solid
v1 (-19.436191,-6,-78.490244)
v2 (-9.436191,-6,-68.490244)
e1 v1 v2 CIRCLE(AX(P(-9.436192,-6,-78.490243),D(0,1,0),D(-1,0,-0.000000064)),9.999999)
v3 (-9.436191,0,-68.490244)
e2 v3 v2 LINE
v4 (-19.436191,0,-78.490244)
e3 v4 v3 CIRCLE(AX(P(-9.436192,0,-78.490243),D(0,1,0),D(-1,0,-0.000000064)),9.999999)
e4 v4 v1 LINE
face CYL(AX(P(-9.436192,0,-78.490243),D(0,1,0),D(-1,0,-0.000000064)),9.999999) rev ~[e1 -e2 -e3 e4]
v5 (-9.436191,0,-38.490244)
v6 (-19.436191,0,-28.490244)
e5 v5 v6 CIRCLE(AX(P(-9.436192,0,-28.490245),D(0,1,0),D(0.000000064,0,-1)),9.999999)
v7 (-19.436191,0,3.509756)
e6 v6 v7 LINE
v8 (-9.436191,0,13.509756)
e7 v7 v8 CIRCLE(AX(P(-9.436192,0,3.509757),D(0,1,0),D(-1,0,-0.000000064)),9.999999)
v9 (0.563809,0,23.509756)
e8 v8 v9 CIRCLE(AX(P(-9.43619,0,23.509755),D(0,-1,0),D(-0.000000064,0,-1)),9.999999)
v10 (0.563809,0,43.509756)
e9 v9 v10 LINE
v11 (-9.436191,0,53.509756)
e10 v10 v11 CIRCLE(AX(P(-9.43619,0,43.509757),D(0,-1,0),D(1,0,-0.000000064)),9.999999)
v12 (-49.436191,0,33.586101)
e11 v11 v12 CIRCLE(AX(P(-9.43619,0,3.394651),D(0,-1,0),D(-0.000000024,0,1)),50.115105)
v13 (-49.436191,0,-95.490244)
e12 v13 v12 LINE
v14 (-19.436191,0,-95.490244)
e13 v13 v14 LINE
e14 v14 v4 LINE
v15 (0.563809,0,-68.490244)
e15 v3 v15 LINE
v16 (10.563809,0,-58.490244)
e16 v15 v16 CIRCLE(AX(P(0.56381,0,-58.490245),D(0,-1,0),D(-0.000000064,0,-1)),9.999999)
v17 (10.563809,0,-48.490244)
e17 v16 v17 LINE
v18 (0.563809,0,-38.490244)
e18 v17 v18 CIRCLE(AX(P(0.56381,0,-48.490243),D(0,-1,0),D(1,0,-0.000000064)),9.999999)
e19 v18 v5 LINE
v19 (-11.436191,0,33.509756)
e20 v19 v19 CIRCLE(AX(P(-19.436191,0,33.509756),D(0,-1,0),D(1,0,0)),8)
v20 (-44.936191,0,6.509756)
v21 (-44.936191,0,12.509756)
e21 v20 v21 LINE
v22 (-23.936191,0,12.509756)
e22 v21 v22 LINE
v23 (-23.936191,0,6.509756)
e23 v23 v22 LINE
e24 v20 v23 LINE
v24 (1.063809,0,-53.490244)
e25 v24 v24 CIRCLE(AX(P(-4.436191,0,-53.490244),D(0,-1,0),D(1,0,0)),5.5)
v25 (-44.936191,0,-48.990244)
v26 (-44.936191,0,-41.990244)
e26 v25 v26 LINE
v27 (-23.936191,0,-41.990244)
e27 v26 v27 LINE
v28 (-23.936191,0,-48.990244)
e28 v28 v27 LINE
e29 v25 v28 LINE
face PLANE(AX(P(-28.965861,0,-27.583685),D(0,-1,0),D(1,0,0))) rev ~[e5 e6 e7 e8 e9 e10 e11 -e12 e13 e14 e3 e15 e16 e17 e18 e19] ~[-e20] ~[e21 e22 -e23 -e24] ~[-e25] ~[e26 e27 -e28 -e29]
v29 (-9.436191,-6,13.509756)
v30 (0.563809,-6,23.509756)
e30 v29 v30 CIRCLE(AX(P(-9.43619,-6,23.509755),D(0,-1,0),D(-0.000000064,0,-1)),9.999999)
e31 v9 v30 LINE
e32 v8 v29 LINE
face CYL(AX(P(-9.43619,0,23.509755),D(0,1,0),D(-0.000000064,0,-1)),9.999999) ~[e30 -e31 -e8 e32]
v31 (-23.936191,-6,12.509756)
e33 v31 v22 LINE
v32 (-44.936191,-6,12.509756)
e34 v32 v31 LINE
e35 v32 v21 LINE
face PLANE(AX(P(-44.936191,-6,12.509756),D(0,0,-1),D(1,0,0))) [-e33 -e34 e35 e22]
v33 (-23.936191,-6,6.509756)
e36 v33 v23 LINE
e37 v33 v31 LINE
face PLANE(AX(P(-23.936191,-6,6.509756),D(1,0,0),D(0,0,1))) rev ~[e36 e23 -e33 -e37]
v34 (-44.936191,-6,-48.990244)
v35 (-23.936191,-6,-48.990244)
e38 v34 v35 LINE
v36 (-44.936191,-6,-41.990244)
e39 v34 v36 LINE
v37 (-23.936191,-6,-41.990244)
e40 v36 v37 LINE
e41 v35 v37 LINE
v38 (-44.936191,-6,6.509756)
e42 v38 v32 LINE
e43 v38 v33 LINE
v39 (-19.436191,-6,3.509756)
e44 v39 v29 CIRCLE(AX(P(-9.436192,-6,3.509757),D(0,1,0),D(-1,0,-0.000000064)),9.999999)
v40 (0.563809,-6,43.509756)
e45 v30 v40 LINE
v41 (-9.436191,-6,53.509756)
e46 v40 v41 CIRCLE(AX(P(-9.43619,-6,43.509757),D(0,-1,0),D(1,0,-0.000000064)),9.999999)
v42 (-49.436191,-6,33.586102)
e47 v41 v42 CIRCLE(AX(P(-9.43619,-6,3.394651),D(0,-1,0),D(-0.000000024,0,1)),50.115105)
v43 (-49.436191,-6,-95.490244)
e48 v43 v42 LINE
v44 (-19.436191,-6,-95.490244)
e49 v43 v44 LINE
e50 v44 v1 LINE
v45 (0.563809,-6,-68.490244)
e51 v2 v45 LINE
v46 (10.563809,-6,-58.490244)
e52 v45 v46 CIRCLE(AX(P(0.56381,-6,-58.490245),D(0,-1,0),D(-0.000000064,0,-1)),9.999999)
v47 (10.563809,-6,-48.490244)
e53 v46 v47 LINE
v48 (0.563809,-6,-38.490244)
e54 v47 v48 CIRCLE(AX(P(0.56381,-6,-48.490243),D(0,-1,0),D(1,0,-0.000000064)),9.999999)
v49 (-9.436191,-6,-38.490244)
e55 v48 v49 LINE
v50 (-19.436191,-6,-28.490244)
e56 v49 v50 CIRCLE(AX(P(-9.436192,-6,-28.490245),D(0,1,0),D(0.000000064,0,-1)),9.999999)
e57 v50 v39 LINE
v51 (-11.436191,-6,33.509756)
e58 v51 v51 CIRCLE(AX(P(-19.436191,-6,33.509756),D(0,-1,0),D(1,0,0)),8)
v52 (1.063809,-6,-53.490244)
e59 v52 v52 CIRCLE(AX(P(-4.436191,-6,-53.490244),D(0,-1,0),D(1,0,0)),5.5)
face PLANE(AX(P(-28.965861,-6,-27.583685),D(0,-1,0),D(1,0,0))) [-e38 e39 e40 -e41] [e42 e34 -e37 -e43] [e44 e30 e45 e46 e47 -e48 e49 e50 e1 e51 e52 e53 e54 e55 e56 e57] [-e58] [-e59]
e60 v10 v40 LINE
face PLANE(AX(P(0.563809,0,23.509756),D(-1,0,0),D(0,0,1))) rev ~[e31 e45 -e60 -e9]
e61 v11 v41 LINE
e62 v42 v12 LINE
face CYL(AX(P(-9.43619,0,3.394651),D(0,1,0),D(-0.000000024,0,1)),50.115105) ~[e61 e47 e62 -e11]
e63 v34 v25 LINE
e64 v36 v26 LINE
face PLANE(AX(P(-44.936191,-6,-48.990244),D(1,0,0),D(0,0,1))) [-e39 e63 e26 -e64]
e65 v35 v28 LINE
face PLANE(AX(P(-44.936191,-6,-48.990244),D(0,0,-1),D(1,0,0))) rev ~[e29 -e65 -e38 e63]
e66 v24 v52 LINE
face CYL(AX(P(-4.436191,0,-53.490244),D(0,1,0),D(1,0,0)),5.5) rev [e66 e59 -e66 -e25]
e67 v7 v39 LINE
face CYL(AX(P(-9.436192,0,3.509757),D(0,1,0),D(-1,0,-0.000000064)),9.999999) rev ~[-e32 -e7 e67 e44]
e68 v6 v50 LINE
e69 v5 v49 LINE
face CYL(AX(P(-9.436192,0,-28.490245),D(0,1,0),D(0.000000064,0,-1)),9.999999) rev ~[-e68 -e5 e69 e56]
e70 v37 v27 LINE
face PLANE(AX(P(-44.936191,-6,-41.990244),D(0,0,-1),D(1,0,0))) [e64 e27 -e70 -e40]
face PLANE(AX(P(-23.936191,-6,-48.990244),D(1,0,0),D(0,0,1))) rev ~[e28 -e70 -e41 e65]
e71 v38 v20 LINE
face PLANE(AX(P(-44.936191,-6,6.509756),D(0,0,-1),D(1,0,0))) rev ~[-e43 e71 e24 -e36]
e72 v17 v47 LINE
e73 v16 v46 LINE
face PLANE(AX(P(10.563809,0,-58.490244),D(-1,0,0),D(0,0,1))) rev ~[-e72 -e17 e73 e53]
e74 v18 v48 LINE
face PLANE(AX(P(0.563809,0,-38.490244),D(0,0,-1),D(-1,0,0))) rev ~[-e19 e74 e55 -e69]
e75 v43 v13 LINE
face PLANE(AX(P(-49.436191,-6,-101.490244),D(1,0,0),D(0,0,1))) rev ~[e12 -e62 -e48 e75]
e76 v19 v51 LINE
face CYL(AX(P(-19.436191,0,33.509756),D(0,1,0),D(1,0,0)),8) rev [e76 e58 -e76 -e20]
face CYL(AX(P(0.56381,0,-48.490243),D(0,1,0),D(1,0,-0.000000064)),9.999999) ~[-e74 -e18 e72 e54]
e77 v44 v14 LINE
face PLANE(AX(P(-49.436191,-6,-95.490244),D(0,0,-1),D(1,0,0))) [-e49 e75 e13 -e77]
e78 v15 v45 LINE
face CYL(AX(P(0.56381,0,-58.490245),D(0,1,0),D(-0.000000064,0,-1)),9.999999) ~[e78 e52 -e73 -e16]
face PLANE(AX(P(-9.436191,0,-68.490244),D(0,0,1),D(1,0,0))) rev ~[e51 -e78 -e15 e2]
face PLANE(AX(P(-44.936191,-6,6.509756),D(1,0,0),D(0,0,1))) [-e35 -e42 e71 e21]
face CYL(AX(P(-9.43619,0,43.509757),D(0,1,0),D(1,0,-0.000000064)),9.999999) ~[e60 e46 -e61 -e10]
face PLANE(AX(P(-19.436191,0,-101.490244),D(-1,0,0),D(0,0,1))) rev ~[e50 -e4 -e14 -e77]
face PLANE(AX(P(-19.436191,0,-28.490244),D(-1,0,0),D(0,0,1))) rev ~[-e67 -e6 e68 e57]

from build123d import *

# Parameters (mm, degrees)
F0_R     = 5.5
F0_R_2   = 8
F1_DEPTH = 6
F3_DEPTH = 25
F4_W     = 30
F4_H     = 6
F5_DEPTH = 25
F6_W     = 21
F6_H     = 7
F6_H_2   = 6
F7_DEPTH = 25


with BuildPart() as f1:
    # F0 (on Front) → F1 (new body)
    with BuildSketch(Plane.XZ):
        with BuildLine():
            Line((-59.436191, 0), (-59.436191, -101.490244))
            Line((-59.436191, -101.490244), (-19.436191, -101.490244))
            Line((-19.436191, -101.490244), (-19.436191, -78.490244))
            ThreePointArc((-19.436191, -78.490244), (-16.507259, -71.419176), (-9.436191, -68.490244))
            Line((-9.436191, -68.490244), (0.563809, -68.490244))
            ThreePointArc((0.563809, -68.490244), (7.634877, -65.561312), (10.563809, -58.490244))
            Line((10.563809, -58.490244), (10.563809, -53.490244))
            Line((10.563809, -53.490244), (10.563809, -48.490244))
            ThreePointArc((10.563809, -48.490244), (7.634877, -41.419176), (0.563809, -38.490244))
            Line((0.563809, -38.490244), (-4.436191, -38.490244))
            Line((-4.436191, -38.490244), (-9.436191, -38.490244))
            ThreePointArc((-9.436191, -38.490244), (-16.507259, -35.561312), (-19.436191, -28.490244))
            Line((-19.436191, -28.490244), (-19.436191, 3.509756))
            ThreePointArc((-19.436191, 3.509756), (-16.507259, 10.580824), (-9.436191, 13.509756))
            ThreePointArc((-9.436191, 13.509756), (-2.365123, 16.438688), (0.563809, 23.509756))
            Line((0.563809, 23.509756), (0.563809, 33.509756))
            Line((0.563809, 33.509756), (0.563809, 43.509756))
            ThreePointArc((0.563809, 43.509756), (-2.365123, 50.580824), (-9.436191, 53.509756))
            ThreePointArc((-9.436191, 53.509756), (-43.651687, 40.011908), (-59.436191, 6.789303))
            Line((-59.436191, 6.789303), (-59.436191, 0))
        make_face()
        with Locations((-4.436191, -53.490244)):
            Circle(F0_R, mode=Mode.SUBTRACT)
        with Locations((-19.436191, 33.509756)):
            Circle(F0_R_2, mode=Mode.SUBTRACT)
    extrude(amount=F1_DEPTH)

    # F2 (on face) → F3 (cut)
    with BuildSketch(Plane.XZ.offset(6)):
        with BuildLine():
            Line((-59.436191, 6.789303), (-59.436191, -101.490244))
            Line((-59.436191, -101.490244), (-49.436191, -101.490244))
            Line((-49.436191, -101.490244), (-49.436191, 33.586102))
            ThreePointArc((-49.436191, 33.586102), (-56.388476, 20.916254), (-59.436191, 6.789303))
        make_face()
    extrude(amount=-F3_DEPTH, mode=Mode.SUBTRACT)

    # F4 (on face) → F5 (cut)
    with BuildSketch(Plane.XZ.offset(6)):
        with Locations((-34.436191, -98.490244)):
            Rectangle(F4_W, F4_H)
    extrude(amount=-F5_DEPTH, mode=Mode.SUBTRACT)

    # F6 (on face) → F7 (cut)
    with BuildSketch(Plane.XZ.offset(6)):
        with Locations((-34.436191, -45.490244)):
            Rectangle(F6_W, F6_H)
        with Locations((-34.436191, 9.509756)):
            Rectangle(F6_W, F6_H_2)
    extrude(amount=-F7_DEPTH, mode=Mode.SUBTRACT)


solid = f1.part
